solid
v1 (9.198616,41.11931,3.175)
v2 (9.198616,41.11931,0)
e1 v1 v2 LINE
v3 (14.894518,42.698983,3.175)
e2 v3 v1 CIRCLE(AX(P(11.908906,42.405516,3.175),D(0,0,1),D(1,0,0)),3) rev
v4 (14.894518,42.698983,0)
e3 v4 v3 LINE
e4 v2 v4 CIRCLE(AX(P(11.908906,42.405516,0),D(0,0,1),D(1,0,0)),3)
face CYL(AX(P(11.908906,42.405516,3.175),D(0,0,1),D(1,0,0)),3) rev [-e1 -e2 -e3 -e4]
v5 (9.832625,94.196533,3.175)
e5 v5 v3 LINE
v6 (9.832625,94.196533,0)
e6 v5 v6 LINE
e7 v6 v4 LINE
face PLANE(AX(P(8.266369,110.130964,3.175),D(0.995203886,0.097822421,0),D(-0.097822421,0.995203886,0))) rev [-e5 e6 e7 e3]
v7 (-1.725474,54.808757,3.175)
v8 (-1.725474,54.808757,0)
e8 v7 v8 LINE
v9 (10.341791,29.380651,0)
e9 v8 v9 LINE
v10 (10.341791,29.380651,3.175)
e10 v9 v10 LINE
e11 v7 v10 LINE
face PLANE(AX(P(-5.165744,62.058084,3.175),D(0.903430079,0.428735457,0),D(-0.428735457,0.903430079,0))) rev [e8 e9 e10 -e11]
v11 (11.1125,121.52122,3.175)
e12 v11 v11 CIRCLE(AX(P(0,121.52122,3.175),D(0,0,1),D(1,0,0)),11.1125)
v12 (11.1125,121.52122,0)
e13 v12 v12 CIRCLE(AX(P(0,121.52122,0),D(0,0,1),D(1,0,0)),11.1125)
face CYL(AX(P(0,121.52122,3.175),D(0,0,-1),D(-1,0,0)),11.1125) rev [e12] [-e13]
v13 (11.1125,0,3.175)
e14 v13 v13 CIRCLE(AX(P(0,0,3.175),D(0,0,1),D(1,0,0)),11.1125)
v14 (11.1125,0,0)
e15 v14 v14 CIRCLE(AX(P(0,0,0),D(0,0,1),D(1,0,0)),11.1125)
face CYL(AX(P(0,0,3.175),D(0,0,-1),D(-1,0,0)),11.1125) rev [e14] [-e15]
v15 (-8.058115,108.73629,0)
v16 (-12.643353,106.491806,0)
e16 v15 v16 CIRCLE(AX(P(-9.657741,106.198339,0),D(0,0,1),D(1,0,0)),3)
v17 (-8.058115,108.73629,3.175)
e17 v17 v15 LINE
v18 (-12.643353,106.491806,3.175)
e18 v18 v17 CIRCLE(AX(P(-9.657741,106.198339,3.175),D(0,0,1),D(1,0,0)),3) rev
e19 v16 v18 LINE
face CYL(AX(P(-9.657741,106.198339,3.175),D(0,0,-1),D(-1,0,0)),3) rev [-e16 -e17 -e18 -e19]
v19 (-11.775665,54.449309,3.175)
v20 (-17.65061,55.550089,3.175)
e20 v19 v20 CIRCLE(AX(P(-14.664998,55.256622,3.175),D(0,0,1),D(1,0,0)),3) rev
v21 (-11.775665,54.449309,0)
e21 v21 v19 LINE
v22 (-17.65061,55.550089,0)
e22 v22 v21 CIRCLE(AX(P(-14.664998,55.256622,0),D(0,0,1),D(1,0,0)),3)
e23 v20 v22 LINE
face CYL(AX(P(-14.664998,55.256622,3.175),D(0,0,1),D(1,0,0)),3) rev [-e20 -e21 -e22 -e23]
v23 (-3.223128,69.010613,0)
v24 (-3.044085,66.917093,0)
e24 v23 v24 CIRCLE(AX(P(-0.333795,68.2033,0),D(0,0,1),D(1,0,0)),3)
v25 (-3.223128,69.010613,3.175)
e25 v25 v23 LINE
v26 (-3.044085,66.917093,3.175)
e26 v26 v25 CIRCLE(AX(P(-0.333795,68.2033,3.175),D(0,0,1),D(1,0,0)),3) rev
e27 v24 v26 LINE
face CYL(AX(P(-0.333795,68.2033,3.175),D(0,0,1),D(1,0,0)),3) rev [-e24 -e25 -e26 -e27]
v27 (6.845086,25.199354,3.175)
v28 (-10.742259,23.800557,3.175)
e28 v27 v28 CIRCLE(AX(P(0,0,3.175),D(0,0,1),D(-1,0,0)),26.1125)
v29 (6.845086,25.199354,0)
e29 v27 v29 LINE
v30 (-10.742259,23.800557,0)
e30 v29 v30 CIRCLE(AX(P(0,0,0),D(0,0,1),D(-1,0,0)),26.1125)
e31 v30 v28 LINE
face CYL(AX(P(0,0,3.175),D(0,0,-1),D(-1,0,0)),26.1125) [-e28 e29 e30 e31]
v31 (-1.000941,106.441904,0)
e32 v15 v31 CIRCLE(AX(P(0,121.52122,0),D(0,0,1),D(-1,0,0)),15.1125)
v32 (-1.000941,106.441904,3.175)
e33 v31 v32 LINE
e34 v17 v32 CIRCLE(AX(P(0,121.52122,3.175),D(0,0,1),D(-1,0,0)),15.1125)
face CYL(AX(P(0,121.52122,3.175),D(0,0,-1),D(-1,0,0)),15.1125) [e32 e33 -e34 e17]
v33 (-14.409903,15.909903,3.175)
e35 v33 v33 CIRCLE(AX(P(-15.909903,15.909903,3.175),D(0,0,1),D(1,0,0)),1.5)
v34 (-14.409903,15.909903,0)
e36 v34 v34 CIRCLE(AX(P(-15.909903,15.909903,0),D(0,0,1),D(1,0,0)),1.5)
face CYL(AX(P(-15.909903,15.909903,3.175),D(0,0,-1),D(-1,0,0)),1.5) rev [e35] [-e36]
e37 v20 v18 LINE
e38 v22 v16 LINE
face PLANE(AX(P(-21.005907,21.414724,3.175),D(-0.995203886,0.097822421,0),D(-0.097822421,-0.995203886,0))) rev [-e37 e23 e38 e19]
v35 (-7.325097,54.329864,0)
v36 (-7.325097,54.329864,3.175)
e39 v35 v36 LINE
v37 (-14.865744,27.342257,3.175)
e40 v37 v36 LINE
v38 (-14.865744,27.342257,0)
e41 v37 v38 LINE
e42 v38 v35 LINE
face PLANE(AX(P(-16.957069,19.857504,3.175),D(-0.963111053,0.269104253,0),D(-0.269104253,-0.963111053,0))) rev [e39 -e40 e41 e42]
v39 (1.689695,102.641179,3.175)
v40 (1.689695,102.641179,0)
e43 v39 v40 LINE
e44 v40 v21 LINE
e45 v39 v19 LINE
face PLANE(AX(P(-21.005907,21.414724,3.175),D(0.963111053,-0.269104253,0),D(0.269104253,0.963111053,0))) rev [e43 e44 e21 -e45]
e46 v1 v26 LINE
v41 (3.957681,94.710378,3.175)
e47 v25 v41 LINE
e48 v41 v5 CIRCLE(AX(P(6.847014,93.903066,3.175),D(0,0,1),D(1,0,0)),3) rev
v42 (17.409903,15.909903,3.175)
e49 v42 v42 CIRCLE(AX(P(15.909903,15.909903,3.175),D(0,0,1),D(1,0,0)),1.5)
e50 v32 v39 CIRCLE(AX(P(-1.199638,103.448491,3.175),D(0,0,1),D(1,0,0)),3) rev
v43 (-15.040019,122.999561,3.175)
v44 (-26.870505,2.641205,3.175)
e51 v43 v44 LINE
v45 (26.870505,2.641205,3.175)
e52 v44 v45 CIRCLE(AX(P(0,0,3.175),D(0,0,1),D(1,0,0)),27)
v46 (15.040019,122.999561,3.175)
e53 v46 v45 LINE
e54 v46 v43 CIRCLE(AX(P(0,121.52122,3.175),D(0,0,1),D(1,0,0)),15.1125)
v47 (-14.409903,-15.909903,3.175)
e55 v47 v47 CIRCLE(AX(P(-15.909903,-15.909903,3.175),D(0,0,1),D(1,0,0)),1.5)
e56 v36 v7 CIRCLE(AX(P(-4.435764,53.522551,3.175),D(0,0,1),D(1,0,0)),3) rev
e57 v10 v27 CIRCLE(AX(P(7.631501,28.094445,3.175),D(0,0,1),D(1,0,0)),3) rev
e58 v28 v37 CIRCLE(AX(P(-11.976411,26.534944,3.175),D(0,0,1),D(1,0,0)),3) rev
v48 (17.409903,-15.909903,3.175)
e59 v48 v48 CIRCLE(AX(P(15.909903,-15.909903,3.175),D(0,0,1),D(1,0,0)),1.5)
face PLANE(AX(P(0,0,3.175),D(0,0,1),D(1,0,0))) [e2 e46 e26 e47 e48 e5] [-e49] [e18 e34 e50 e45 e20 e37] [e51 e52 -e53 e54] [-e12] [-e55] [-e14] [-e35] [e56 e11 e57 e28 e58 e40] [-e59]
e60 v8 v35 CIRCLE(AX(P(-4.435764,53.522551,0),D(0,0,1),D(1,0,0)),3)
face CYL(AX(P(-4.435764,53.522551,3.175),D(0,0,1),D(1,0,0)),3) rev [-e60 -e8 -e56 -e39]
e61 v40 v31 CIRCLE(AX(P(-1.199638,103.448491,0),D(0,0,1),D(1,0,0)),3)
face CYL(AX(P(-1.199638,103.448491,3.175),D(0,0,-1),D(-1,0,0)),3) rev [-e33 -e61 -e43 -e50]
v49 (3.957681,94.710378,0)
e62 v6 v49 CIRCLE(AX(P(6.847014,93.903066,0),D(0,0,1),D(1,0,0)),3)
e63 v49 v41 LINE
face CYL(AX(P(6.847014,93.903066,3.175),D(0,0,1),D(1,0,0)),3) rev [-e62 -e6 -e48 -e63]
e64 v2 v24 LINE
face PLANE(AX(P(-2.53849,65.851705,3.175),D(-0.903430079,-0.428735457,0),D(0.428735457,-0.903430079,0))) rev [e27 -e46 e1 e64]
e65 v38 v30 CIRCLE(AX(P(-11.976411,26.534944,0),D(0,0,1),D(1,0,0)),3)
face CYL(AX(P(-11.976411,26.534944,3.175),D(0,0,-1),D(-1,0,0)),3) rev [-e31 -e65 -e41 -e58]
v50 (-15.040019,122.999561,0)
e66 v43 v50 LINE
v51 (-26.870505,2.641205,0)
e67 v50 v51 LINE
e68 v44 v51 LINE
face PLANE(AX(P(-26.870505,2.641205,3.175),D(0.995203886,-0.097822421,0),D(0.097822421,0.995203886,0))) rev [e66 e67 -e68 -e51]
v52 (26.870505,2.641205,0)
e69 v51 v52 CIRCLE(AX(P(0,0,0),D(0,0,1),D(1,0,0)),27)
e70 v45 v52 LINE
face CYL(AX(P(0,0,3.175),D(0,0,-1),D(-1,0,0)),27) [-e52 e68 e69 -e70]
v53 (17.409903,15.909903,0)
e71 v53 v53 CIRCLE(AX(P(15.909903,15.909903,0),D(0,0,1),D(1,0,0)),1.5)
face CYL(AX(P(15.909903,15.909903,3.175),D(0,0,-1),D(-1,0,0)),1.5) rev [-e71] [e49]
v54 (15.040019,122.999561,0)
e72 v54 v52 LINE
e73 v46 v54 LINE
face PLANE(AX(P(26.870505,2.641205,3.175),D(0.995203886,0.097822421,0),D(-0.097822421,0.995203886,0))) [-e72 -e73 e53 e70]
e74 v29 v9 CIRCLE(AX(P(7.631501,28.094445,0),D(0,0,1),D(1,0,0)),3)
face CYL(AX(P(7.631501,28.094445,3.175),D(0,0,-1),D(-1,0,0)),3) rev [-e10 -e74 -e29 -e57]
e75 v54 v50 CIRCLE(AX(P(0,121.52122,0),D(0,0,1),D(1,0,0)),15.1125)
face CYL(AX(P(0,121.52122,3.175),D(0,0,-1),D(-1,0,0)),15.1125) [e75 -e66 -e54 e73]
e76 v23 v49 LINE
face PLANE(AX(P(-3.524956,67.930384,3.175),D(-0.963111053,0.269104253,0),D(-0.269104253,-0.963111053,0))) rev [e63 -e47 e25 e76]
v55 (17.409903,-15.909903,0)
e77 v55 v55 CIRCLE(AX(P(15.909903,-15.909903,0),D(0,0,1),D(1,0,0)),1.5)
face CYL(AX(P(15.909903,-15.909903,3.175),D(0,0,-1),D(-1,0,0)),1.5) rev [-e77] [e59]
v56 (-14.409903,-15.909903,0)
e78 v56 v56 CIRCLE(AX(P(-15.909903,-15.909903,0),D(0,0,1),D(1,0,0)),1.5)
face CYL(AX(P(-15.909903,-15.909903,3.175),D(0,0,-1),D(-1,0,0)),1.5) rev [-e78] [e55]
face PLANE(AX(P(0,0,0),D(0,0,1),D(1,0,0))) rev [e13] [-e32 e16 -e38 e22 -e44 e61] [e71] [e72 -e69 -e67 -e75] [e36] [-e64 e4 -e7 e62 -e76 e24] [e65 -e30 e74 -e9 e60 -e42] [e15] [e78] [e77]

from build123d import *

# Parameters (mm, degrees)
SKETCH1_R           = 27
SKETCH1_R_2         = 11.1125
SKETCH1_R_3         = 1.5
SKETCH1_R_4         = 15.1125
BOSS_EXTRUDE1_DEPTH = 3.175
CUT_EXTRUDE1_DEPTH  = 3.175
FILLET1_R           = 3


with BuildPart() as part:
    # Sketch1 → Boss-Extrude1 (new body)
    with BuildSketch(Plane.XY):
        Circle(SKETCH1_R)
        Circle(SKETCH1_R_2, mode=Mode.SUBTRACT)
        with Locations((15.909902577, 15.909902577)):
            Circle(SKETCH1_R_3, mode=Mode.SUBTRACT)
        with Locations((15.909902577, -15.909902577)):
            Circle(SKETCH1_R_3, mode=Mode.SUBTRACT)
        with Locations((-15.909902577, -15.909902577)):
            Circle(SKETCH1_R_3, mode=Mode.SUBTRACT)
        with Locations((-15.909902577, 15.909902577)):
            Circle(SKETCH1_R_3, mode=Mode.SUBTRACT)
        with BuildLine():
            ThreePointArc((15.1125, 121.52122), (-0.740058556, 106.426851196), (-15.040018721, 122.999561344))
            Line((-15.040018721, 122.999561344), (-26.87050491, 2.64120538))
            ThreePointArc((-26.87050491, 2.64120538), (0, 27), (26.87050491, 2.64120538))
            Line((26.87050491, 2.64120538), (15.040018721, 122.999561344))
            ThreePointArc((15.040018721, 122.999561344), (15.094368804, 122.261278556), (15.1125, 121.52122))
        make_face()
        with Locations((0, 121.52122)):
            Circle(SKETCH1_R_4)
        with Locations((0, 121.52122)):
            Circle(SKETCH1_R_2, mode=Mode.SUBTRACT)
    extrude(amount=BOSS_EXTRUDE1_DEPTH)

    # Sketch2 → Cut-Extrude1 (cut)
    with BuildSketch(Plane(origin=(0, 0, 0), x_dir=(-1, 0, 0), z_dir=(0, 0, -1))):
        with BuildLine():
            Line((21.005906623, 21.414723514), (-2.816362401, 106.673467339))
            ThreePointArc((-2.816362401, 106.673467339), (5.441374418, 107.422315763), (12.061107277, 112.415323695))
            Line((12.061107277, 112.415323695), (21.005906623, 21.414723514))
        make_face()
        Polygon((2.538490153, 65.851704894), (3.524956455, 67.930383746), (-8.266368844, 110.130964305), (-16.578304393, 25.568852363), align=None)
        with BuildLine():
            Line((16.957069467, 19.857503654), (5.165744168, 62.058084212))
            Line((5.165744168, 62.058084212), (-13.749853367, 22.199193423))
            ThreePointArc((-13.749853367, 22.199193423), (1.98555698, 26.036901116), (16.957069467, 19.857503654))
        make_face()
    extrude(amount=-CUT_EXTRUDE1_DEPTH, mode=Mode.SUBTRACT)

    # Fillet1
    fillet1_edges = [part.edges().sort_by_distance(p)[0] for p in [
        (2.816362401, 106.673467339, 1.5875),
        (-12.061107277, 112.415323695, 1.5875),
        (-21.005906623, 21.414723514, 1.5875),
        (8.266368844, 110.130964305, 1.5875),
        (-3.524956455, 67.930383746, 1.5875),
        (16.578304393, 25.568852363, 1.5875),
        (13.749853367, 22.199193423, 1.5875),
        (-5.165744168, 62.058084212, 1.5875),
        (-16.957069467, 19.857503654, 1.5875),
    ]]
    fillet(fillet1_edges, radius=FILLET1_R)


solid = part.part
